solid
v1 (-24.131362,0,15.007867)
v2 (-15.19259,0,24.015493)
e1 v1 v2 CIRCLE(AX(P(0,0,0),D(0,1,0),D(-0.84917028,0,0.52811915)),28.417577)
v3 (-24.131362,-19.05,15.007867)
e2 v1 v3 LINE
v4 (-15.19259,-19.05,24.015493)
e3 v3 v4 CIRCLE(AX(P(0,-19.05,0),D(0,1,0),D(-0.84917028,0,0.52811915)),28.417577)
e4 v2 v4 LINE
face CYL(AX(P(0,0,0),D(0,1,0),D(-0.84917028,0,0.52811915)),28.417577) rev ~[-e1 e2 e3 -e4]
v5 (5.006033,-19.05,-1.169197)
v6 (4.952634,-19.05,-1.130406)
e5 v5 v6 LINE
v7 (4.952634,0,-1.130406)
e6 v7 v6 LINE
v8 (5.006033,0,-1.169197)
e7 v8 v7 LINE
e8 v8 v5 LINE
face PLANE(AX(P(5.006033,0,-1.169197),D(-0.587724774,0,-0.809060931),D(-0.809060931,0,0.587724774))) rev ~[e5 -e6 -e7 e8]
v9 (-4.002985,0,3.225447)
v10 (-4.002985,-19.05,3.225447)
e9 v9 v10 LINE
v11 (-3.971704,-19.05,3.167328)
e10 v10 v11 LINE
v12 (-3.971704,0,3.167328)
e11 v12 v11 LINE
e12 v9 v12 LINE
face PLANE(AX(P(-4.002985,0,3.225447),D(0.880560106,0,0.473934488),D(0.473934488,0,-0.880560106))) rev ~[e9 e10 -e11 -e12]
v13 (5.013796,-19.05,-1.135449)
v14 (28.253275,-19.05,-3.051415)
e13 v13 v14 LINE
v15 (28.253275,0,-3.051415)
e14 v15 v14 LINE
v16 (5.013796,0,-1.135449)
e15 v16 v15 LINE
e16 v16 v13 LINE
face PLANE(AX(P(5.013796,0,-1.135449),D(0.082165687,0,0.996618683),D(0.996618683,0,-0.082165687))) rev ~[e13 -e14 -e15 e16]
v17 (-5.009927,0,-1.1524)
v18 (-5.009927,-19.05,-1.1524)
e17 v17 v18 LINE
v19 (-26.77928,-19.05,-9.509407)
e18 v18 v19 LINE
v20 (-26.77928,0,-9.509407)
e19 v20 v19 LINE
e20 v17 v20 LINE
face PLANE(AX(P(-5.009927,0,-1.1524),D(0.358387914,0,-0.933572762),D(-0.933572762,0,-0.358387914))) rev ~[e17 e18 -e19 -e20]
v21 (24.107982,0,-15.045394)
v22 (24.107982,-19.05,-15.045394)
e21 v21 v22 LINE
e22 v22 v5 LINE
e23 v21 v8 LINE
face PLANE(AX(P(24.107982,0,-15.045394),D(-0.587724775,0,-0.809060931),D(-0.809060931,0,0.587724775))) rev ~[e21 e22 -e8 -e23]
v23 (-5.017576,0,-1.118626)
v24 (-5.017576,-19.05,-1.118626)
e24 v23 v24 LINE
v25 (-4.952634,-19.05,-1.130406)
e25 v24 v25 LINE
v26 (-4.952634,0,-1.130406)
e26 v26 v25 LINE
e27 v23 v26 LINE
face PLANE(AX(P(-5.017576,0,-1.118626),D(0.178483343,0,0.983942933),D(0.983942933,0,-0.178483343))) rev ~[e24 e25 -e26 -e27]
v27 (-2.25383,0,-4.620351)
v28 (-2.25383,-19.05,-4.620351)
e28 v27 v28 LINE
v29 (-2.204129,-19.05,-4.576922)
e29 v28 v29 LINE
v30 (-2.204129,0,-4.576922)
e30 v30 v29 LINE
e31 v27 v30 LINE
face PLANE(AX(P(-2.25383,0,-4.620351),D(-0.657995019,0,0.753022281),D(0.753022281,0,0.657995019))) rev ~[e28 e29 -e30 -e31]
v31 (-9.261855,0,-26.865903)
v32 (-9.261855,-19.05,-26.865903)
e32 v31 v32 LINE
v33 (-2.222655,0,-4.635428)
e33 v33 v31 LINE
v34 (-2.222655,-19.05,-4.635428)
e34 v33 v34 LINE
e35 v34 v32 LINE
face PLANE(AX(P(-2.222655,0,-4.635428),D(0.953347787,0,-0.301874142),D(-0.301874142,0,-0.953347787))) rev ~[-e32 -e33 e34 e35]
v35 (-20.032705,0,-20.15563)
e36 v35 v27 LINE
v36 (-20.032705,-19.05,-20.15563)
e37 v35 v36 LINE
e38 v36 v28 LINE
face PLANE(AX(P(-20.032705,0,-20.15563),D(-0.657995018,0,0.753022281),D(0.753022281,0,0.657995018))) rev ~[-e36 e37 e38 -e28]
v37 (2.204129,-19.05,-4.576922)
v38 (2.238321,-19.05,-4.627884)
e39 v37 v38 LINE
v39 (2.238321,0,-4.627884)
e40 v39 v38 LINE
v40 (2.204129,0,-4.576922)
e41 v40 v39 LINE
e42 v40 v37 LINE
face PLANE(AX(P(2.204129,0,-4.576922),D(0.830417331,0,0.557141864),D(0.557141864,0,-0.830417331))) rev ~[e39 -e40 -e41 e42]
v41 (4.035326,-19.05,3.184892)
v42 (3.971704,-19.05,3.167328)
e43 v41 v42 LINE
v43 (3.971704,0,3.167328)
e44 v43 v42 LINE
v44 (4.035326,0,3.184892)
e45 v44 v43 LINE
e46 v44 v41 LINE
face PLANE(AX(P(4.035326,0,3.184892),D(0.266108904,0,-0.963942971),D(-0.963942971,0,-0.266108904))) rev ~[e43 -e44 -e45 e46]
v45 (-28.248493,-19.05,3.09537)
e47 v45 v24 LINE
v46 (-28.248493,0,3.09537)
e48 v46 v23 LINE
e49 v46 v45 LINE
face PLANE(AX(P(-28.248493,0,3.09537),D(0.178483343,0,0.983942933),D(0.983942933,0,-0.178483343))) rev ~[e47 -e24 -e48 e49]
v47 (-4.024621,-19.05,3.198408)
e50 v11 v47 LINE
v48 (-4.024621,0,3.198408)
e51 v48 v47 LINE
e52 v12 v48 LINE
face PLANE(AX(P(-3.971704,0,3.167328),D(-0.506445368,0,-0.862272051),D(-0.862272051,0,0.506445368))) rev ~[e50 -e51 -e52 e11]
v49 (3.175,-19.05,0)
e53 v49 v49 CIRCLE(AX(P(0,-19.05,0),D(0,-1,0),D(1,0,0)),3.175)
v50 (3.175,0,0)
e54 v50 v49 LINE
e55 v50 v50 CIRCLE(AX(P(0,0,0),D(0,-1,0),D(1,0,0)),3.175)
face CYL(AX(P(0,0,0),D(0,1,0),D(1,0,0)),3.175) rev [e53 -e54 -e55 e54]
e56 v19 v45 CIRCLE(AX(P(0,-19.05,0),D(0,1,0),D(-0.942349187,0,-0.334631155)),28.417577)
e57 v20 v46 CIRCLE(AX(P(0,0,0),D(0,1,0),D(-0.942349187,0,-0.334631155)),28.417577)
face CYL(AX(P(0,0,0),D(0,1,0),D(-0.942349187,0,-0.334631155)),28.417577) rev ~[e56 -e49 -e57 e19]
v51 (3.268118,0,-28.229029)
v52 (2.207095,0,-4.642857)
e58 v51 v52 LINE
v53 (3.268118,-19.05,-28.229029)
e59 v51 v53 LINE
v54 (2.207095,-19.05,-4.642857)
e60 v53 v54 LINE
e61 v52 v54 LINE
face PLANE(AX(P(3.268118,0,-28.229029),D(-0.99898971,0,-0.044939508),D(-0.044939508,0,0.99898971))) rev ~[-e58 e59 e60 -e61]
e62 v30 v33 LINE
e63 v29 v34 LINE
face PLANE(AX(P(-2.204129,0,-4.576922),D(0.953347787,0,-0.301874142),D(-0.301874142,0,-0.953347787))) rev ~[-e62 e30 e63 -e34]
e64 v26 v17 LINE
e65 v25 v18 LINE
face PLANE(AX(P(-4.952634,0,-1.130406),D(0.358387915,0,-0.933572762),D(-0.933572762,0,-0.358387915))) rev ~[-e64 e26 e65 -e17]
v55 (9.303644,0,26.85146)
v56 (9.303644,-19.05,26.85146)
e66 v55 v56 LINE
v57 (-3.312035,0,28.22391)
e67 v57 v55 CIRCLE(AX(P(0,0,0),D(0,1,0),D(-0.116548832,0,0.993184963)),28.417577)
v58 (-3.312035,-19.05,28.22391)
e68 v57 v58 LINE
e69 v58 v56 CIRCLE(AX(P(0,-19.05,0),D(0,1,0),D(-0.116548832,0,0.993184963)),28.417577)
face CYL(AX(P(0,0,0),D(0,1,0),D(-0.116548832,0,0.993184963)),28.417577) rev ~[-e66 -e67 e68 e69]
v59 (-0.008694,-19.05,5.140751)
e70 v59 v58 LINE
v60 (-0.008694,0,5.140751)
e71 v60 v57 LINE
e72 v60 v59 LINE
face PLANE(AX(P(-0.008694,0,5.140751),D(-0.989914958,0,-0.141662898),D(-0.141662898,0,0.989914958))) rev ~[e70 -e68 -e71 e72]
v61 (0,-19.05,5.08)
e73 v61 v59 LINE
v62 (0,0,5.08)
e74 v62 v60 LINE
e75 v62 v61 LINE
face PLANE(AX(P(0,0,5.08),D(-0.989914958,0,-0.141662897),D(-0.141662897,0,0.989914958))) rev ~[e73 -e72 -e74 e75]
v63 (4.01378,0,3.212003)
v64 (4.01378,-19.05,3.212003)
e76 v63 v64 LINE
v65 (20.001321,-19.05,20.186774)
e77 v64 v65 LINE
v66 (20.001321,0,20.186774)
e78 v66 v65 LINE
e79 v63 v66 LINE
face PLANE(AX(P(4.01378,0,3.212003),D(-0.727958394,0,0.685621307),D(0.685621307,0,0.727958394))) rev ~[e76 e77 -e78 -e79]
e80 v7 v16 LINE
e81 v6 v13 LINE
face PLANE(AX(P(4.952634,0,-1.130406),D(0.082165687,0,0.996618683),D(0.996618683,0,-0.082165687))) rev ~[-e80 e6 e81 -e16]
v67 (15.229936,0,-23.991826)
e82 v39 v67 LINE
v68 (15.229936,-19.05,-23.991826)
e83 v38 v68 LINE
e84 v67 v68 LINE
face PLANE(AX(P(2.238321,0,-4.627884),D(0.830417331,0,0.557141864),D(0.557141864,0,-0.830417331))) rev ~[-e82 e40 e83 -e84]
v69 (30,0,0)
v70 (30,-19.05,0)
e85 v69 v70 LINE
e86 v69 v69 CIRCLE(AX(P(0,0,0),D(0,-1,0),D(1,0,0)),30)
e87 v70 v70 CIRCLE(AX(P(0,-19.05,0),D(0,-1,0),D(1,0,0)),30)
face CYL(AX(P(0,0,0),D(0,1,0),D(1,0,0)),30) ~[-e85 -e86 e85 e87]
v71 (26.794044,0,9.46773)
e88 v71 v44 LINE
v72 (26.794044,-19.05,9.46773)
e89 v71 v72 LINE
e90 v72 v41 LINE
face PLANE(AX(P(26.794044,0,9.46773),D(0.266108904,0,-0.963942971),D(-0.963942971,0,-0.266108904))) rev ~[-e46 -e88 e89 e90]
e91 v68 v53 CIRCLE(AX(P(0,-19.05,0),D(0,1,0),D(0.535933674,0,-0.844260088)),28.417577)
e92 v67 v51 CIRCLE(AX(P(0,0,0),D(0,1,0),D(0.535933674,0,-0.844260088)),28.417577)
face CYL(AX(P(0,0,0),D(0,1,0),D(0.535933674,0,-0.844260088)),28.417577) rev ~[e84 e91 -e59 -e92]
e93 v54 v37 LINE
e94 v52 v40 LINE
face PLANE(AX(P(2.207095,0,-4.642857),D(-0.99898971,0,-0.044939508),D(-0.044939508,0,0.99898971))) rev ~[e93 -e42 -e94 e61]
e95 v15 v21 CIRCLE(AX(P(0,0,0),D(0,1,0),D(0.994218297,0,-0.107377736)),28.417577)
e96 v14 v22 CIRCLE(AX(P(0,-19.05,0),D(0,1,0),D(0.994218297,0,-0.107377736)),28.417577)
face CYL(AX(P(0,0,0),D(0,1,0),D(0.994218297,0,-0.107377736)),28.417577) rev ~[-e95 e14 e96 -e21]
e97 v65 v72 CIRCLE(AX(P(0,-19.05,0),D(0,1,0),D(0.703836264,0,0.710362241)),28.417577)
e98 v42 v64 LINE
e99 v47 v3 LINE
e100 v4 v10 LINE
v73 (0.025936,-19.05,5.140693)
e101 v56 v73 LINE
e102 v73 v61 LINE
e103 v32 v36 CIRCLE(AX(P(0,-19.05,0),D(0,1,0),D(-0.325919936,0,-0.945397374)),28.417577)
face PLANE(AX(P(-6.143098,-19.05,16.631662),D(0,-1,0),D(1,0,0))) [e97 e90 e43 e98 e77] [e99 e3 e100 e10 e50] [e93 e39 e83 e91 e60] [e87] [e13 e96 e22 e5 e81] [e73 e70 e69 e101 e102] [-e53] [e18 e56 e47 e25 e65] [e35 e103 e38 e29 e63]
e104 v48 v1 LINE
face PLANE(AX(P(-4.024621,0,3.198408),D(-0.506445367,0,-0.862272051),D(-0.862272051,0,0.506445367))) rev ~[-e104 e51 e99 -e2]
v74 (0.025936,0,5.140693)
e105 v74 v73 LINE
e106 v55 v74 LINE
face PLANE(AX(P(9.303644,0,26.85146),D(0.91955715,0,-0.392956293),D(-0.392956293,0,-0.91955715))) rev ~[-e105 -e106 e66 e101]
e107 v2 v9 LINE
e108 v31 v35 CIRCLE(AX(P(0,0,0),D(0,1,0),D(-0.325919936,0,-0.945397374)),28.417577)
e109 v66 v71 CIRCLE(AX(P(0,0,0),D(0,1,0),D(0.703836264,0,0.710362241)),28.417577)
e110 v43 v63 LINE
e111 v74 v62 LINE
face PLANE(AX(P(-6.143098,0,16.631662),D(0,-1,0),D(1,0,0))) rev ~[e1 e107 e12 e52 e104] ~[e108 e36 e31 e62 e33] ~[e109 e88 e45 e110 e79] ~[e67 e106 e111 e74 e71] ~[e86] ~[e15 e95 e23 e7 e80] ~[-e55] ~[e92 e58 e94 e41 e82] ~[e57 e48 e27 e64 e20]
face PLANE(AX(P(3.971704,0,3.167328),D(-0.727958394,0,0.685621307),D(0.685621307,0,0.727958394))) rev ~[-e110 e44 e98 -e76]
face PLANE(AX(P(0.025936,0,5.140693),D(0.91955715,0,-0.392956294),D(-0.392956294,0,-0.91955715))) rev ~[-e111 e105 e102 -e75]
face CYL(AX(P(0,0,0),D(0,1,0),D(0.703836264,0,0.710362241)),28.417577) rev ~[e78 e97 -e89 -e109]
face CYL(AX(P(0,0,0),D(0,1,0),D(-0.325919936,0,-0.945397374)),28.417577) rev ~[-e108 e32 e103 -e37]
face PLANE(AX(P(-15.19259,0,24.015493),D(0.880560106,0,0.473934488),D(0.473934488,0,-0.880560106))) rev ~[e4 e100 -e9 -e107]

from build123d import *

# Parameters (mm, degrees)
F0_R     = 30
F1_DEPTH = 19.05
F0_R_2   = 3.175
F2_DEPTH = 19.05


with BuildPart() as f1:
    # F0 (on Front) → F1 (new body)
    with BuildSketch(Plane.XZ):
        Circle(F0_R)
        with BuildLine():
            ThreePointArc((-15.1925895519, 24.0154928425), (-9.4885710036, 26.7866700818), (-3.3120353789, 28.2239099951))
            ThreePointArc((-3.3120353789, 28.2239099951), (3.0733934985, 28.2508924844), (9.3036437218, 26.8514596858))
            ThreePointArc((9.3036437218, 26.8514596858), (15.0266347255, 24.119679156), (20.0013211104, 20.1867735808))
            ThreePointArc((20.0013211104, 20.1867735808), (24.0036666555, 15.2112675623), (26.7940435133, 9.4677297158))
            ThreePointArc((26.7940435133, 9.4677297158), (28.0087527775, 4.8029617543), (28.4175768454, 0))
            ThreePointArc((28.4175768454, 0), (28.376471618, -1.5279176275), (28.2532748509, -3.051415075))
            ThreePointArc((28.2532748509, -3.051415075), (26.8586892354, -9.2827520875), (24.1079820404, -15.0453938367))
            ThreePointArc((24.1079820404, -15.0453938367), (20.1712076487, -20.0170191526), (15.229936367, -23.9918259418))
            ThreePointArc((15.229936367, -23.9918259418), (9.4885710036, -26.7866700818), (3.2681183779, -28.2290289601))
            ThreePointArc((3.2681183779, -28.2290289601), (-3.0733934985, -28.2508924844), (-9.2618548354, -26.8659025303))
            ThreePointArc((-9.2618548354, -26.8659025303), (-15.0266347255, -24.119679156), (-20.0327050806, -20.1556295092))
            ThreePointArc((-20.0327050806, -20.1556295092), (-24.0036666555, -15.2112675623), (-26.7792804393, -9.509406549))
            ThreePointArc((-26.7792804393, -9.509406549), (-28.2264780188, -3.2900778739), (-28.2484930207, 3.095370062))
            ThreePointArc((-28.2484930207, 3.095370062), (-26.8586892354, 9.2827520875), (-24.1313616746, 15.0078665203))
            ThreePointArc((-24.1313616746, 15.0078665203), (-20.1712076487, 20.0170191526), (-15.1925895519, 24.0154928425))
        make_face(mode=Mode.SUBTRACT)
    extrude(amount=F1_DEPTH)

    # F0 (on Front) → F2 (join)
    with BuildSketch(Plane.XZ):
        with BuildLine():
            Line((-0.0086937801, 5.1407505785), (-3.3120353789, 28.2239099951))
            ThreePointArc((-3.3120353789, 28.2239099951), (-9.4885710036, 26.7866700818), (-15.1925895519, 24.0154928425))
            Line((-15.1925895519, 24.0154928425), (-4.0029845, 3.2254468194))
            ThreePointArc((-4.0029845, 3.2254468194), (-2.2227208053, 4.6353968885), (-0.0086937801, 5.1407505785))
        make_face()
        with BuildLine():
            ThreePointArc((20.0013211104, 20.1867735808), (15.0266347255, 24.119679156), (9.3036437218, 26.8514596858))
            Line((9.3036437218, 26.8514596858), (0.0259358557, 5.1406925043))
            ThreePointArc((0.0259358557, 5.1406925043), (2.2382554667, 4.6279157898), (4.0137801625, 3.2120026306))
            Line((4.0137801625, 3.2120026306), (20.0013211104, 20.1867735808))
        make_face()
        with BuildLine():
            ThreePointArc((28.4175768454, 0), (28.0087527775, 4.8029617543), (26.7940435133, 9.4677297158))
            Line((26.7940435133, 9.4677297158), (4.035325983, 3.1848918824))
            ThreePointArc((4.035325983, 3.1848918824), (4.8565433251, 1.6856390547), (5.1407579297, 0))
            ThreePointArc((5.1407579297, 0), (5.108918794, -0.5712625033), (5.0137957766, -1.135448811))
            Line((5.0137957766, -1.135448811), (28.2532748509, -3.051415075))
            ThreePointArc((28.2532748509, -3.051415075), (28.376471618, -1.5279176275), (28.4175768454, 0))
        make_face()
        with BuildLine():
            ThreePointArc((15.229936367, -23.9918259418), (20.1712076487, -20.0170191526), (24.1079820404, -15.0453938367))
            Line((24.1079820404, -15.0453938367), (5.0060333395, -1.1691972868))
            ThreePointArc((5.0060333395, -1.1691972868), (4.0138255819, -3.2119458729), (2.2383209081, -4.627884139))
            Line((2.2383209081, -4.627884139), (15.229936367, -23.9918259418))
        make_face()
        with BuildLine():
            Line((-2.2226552576, -4.6354283187), (-9.2618548354, -26.8659025303))
            ThreePointArc((-9.2618548354, -26.8659025303), (-3.0733934985, -28.2508924844), (3.2681183779, -28.2290289601))
            Line((3.2681183779, -28.2290289601), (2.2070954869, -4.6428570518))
            ThreePointArc((2.2070954869, -4.6428570518), (-0.0086210867, -5.1407507009), (-2.2226552576, -4.6354283187))
        make_face()
        with BuildLine():
            Line((-5.0099266804, -1.1524004289), (-26.7792804393, -9.509406549))
            ThreePointArc((-26.7792804393, -9.509406549), (-24.0036666555, -15.2112675623), (-20.0327050806, -20.1556295092))
            Line((-20.0327050806, -20.1556295092), (-2.2538302839, -4.6203507598))
            ThreePointArc((-2.2538302839, -4.6203507598), (-4.0245759011, -3.1984653989), (-5.0099266804, -1.1524004289))
        make_face()
        with BuildLine():
            Line((-4.024621129, 3.1984084886), (-24.1313616746, 15.0078665203))
            ThreePointArc((-24.1313616746, 15.0078665203), (-26.8586892354, 9.2827520875), (-28.2484930207, 3.095370062))
            Line((-28.2484930207, 3.095370062), (-5.0175758812, -1.1186261076))
            ThreePointArc((-5.0175758812, -1.1186261076), (-5.0099429756, 1.1523295852), (-4.024621129, 3.1984084886))
        make_face()
        with BuildLine():
            Line((0, 5.08), (-0.0086937801, 5.1407505785))
            ThreePointArc((-0.0086937801, 5.1407505785), (-2.2227208053, 4.6353968885), (-4.0029845, 3.2254468194))
            Line((-4.0029845, 3.2254468194), (-3.9717039309, 3.1673281934))
            Line((-3.9717039309, 3.1673281934), (-4.024621129, 3.1984084886))
            ThreePointArc((-4.024621129, 3.1984084886), (-5.0099429756, 1.1523295852), (-5.0175758812, -1.1186261076))
            Line((-5.0175758812, -1.1186261076), (-4.9526337939, -1.1304063445))
            Line((-4.9526337939, -1.1304063445), (-5.0099266804, -1.1524004289))
            ThreePointArc((-5.0099266804, -1.1524004289), (-4.0245759011, -3.1984653989), (-2.2538302839, -4.6203507598))
            Line((-2.2538302839, -4.6203507598), (-2.2041293947, -4.5769218489))
            Line((-2.2041293947, -4.5769218489), (-2.2226552576, -4.6354283187))
            ThreePointArc((-2.2226552576, -4.6354283187), (-0.0086210867, -5.1407507009), (2.2070954869, -4.6428570518))
            Line((2.2070954869, -4.6428570518), (2.2041293947, -4.5769218489))
            Line((2.2041293947, -4.5769218489), (2.2383209081, -4.627884139))
            ThreePointArc((2.2383209081, -4.627884139), (4.0138255819, -3.2119458729), (5.0060333395, -1.1691972868))
            Line((5.0060333395, -1.1691972868), (4.9526337939, -1.1304063445))
            Line((4.9526337939, -1.1304063445), (5.0137957766, -1.135448811))
            ThreePointArc((5.0137957766, -1.135448811), (5.108918794, -0.5712625033), (5.1407579297, 0))
            ThreePointArc((5.1407579297, 0), (4.8565433251, 1.6856390547), (4.035325983, 3.1848918824))
            Line((4.035325983, 3.1848918824), (3.9717039309, 3.1673281934))
            Line((3.9717039309, 3.1673281934), (4.0137801625, 3.2120026306))
            ThreePointArc((4.0137801625, 3.2120026306), (2.2382554667, 4.6279157898), (0.0259358557, 5.1406925043))
            Line((0.0259358557, 5.1406925043), (0, 5.08))
        make_face()
        Circle(F0_R_2, mode=Mode.SUBTRACT)
    extrude(amount=F2_DEPTH)


solid = f1.part
